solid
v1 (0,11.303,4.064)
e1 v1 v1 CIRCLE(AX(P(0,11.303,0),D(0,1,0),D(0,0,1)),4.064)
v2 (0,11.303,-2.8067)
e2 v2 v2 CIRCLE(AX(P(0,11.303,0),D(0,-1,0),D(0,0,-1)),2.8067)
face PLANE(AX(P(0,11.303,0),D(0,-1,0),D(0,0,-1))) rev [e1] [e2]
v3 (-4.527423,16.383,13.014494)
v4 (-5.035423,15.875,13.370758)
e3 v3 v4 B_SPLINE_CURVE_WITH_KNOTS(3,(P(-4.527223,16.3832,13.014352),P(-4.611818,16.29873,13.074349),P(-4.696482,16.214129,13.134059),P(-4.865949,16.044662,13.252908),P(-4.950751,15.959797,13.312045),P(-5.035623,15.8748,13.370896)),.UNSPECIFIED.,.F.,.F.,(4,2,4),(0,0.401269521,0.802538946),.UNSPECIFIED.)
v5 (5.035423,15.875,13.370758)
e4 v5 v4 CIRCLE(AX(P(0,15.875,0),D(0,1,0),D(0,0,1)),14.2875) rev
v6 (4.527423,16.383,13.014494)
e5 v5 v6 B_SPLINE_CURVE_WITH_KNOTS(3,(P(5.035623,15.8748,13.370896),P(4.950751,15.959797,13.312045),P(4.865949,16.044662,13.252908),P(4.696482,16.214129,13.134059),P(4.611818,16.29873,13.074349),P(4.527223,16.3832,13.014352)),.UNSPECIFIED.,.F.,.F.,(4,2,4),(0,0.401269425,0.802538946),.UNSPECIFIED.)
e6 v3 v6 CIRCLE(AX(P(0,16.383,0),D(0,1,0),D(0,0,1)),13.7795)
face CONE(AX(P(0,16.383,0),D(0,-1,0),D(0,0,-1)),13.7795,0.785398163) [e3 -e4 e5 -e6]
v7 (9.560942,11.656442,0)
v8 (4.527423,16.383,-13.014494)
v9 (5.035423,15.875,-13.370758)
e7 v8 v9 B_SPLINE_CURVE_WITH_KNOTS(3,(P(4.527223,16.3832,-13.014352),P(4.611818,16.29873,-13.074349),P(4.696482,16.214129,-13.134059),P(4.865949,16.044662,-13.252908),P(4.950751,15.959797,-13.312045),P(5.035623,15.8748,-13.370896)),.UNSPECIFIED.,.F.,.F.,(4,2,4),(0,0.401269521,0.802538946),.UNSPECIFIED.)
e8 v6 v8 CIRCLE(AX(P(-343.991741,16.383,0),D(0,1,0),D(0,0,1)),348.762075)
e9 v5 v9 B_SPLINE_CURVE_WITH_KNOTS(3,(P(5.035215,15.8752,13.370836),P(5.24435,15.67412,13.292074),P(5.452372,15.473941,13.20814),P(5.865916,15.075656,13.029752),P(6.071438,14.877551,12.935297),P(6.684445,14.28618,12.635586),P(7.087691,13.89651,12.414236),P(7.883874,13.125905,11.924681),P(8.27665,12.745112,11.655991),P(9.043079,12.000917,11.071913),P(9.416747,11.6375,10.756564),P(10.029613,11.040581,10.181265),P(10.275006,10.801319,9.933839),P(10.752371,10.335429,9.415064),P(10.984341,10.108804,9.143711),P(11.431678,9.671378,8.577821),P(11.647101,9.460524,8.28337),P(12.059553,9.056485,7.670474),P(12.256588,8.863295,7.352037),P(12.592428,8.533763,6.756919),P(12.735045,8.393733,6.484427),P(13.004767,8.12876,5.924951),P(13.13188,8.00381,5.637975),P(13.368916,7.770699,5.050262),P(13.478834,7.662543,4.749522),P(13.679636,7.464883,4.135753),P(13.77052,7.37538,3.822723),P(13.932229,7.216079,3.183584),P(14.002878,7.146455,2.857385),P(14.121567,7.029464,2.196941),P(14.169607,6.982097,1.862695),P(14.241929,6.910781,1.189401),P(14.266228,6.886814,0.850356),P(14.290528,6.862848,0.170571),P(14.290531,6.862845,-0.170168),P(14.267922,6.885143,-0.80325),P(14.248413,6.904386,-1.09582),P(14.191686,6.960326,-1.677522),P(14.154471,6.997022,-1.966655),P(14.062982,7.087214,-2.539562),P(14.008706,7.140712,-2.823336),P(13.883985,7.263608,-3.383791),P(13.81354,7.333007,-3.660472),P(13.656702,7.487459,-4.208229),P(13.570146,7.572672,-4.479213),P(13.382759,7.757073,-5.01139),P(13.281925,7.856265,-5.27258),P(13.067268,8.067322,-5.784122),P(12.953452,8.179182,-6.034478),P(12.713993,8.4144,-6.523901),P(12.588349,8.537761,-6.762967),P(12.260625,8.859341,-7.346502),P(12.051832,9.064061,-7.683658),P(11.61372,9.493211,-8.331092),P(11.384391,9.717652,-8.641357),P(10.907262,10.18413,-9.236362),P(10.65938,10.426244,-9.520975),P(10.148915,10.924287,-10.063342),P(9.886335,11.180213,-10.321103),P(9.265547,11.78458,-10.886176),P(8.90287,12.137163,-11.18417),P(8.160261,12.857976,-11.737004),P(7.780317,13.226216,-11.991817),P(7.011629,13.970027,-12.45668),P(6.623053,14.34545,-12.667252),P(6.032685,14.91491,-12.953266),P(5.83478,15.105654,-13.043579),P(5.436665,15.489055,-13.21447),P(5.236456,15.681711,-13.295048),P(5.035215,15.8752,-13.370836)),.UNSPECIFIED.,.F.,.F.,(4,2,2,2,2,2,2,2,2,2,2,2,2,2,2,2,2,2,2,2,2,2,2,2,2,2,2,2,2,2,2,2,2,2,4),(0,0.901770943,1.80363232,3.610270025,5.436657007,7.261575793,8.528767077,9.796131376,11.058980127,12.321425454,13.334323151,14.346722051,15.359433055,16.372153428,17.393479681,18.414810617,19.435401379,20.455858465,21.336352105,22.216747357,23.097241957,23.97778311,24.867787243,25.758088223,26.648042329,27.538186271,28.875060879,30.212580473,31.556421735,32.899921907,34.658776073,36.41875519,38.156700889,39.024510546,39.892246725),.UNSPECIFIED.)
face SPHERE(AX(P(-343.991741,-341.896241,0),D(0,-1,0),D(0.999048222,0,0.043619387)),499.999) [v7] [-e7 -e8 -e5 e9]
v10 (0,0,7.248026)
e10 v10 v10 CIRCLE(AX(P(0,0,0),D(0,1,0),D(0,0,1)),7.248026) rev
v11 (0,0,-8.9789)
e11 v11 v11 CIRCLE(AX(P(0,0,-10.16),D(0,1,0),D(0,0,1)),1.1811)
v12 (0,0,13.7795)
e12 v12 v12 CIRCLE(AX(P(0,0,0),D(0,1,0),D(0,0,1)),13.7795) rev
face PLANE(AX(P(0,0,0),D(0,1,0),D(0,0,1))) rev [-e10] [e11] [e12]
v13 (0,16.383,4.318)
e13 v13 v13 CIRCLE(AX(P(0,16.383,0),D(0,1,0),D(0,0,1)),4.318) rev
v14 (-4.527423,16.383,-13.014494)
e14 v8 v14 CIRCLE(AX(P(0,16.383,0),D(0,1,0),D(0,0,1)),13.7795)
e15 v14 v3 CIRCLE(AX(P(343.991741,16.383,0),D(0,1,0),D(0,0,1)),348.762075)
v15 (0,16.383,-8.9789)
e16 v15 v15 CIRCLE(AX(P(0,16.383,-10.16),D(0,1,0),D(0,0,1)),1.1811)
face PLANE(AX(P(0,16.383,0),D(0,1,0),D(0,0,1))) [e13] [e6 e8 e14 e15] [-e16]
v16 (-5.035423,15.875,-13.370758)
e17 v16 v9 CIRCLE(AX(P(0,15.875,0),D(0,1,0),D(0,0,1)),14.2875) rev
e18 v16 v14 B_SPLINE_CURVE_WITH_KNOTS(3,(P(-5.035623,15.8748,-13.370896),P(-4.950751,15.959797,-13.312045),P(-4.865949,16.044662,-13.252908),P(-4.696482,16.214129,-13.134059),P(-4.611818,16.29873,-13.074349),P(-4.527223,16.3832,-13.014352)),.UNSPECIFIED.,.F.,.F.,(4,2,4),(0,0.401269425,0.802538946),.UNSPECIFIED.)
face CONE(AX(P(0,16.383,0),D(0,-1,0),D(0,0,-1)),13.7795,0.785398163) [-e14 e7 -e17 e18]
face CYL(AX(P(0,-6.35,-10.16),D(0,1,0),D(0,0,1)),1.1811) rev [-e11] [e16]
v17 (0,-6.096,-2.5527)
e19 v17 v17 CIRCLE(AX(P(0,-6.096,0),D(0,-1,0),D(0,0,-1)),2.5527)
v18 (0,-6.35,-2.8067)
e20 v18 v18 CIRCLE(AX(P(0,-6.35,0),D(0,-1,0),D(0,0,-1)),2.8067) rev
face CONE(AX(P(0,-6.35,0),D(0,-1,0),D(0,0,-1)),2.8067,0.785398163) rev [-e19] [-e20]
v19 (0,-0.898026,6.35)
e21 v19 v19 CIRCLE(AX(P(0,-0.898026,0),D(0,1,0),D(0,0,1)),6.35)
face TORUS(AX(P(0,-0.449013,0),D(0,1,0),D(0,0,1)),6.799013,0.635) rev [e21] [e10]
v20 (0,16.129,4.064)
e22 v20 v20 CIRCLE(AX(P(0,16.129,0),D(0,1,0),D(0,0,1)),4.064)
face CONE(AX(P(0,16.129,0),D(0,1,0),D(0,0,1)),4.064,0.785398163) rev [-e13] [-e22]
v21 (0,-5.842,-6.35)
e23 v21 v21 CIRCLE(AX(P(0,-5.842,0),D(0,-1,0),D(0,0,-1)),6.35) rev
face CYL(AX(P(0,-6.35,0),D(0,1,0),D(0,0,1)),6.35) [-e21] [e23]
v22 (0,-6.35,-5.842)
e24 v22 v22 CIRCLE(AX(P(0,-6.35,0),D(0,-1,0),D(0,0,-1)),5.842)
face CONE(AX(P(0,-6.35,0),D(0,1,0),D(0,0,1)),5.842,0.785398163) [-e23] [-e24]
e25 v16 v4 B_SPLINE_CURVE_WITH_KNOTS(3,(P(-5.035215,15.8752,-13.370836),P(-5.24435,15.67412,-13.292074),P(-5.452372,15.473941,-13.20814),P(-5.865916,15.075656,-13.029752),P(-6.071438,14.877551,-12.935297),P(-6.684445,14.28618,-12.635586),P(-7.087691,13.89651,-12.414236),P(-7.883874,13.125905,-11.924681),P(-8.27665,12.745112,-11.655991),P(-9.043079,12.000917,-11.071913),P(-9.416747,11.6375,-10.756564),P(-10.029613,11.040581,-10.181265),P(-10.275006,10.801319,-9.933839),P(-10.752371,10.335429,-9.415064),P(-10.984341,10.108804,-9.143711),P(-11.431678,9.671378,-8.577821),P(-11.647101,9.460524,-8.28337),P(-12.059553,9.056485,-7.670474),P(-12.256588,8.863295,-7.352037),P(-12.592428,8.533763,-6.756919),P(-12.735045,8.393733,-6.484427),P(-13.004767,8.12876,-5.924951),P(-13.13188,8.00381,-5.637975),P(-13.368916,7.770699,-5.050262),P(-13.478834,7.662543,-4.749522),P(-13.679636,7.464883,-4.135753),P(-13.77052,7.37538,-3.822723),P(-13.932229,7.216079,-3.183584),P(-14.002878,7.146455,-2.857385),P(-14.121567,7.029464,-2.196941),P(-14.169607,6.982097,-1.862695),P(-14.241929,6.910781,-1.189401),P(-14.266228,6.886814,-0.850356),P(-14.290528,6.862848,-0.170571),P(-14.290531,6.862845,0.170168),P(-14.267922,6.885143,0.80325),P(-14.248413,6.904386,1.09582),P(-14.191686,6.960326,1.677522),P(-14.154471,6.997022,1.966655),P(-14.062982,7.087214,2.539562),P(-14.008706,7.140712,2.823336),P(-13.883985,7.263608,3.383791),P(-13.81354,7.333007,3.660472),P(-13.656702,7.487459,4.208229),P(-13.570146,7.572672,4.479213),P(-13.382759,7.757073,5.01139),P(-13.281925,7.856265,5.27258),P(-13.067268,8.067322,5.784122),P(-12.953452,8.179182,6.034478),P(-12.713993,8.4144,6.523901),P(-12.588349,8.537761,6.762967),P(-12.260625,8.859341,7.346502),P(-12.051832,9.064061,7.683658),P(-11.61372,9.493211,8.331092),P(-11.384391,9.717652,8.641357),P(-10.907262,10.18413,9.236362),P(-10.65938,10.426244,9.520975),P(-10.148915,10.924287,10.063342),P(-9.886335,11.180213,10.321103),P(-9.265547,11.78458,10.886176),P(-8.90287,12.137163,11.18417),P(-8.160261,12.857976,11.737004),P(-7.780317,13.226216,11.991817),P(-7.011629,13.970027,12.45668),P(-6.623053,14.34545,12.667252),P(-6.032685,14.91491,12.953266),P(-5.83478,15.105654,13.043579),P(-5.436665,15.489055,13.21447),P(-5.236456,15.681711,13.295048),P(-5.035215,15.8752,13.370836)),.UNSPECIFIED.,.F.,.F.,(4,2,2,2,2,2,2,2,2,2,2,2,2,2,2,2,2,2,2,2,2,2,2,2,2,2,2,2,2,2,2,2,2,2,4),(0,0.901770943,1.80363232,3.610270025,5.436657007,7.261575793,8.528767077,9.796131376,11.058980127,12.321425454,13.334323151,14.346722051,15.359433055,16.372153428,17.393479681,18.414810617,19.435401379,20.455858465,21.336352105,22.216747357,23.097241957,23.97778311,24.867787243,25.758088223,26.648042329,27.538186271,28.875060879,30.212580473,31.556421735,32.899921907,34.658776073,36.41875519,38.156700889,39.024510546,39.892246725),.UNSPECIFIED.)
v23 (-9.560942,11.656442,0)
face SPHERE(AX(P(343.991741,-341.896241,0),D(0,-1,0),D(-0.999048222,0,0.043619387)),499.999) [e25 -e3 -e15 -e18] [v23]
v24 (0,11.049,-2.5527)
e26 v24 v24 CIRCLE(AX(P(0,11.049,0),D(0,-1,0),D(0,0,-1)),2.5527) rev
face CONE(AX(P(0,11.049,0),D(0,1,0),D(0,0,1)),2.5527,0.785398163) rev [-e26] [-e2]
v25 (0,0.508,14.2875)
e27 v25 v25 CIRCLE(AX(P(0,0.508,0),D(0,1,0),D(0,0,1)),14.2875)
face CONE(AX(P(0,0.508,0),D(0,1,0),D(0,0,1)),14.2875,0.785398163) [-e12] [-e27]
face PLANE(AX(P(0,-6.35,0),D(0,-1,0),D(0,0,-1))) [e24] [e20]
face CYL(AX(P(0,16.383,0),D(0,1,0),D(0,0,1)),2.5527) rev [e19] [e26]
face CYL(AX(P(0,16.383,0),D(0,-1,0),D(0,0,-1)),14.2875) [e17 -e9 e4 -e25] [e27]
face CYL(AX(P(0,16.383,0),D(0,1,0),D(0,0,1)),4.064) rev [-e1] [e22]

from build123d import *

# Parameters (mm, degrees)
SKETCH1_R               = 14.2875
BOSS_EXTRUDE1_DEPTH     = 16.383
SKETCH2_R               = 6.35
BOSS_EXTRUDE2_DEPTH     = 6.35
SKETCH4_R               = 1.1811
CUT_EXTRUDE1_DEPTH      = 23.733
CHAMFER1_SIZE           = 0.508
CUT_EXTRUDE2_DEPTH      = 18.923
CUT_REVOLVE1_ANGLE      = 5
SKETCH7_R               = 0.635
F_1_4_20_TAPPED_HOLE1_D = 5.1054
HOLE1_D                 = 8.128
HOLE1_DEPTH             = 5.08
CHAMFER2_SIZE           = 0.254


with BuildPart() as part:
    # Sketch1 → Boss-Extrude1 (new body)
    with BuildSketch(Plane(origin=(0, 0, 0), x_dir=(1, 0, 0), z_dir=(0, 1, 0))):
        with Locations(Location((0, 0, 0), (0, 0, 270))):  # turned: the seam where the file's is
            Circle(SKETCH1_R)
    extrude(amount=BOSS_EXTRUDE1_DEPTH)

    # Sketch2 → Boss-Extrude2 (add)
    with BuildSketch(Plane.XZ):
        with Locations(Location((0, 0, 0), (0, 0, 90))):  # turned: the seam where the file's is
            Circle(SKETCH2_R)
    extrude(amount=BOSS_EXTRUDE2_DEPTH)

    # Sketch4 → Cut-Extrude1 (cut, through all)
    with BuildSketch(Plane(origin=(0, 16.383, 0), x_dir=(1, 0, 0), z_dir=(0, 1, 0))):
        with Locations(Location((0, 10.16, 0), (0, 0, 270))):  # turned: the seam where the file's is
            Circle(SKETCH4_R)
    extrude(amount=-CUT_EXTRUDE1_DEPTH, mode=Mode.SUBTRACT)

    # Chamfer1
    chamfer1_edges = [part.edges().sort_by_distance(p)[0] for p in [
        (0, 0, -14.2875),
        (0, 16.383, -14.2875),
        (0, -6.35, -6.35),
    ]]
    chamfer(chamfer1_edges, length=CHAMFER1_SIZE)

    # Sketch5 → Cut-Extrude2 (cut, symmetric)
    with BuildSketch(Plane.XY):
        Polygon((-2.548384182, 18.669), (-16.088719044, 5.128665138), (-16.088719044, 23.827435377), (16.088719044, 23.827435377), (16.088719044, 5.128665138), (2.548384182, 18.669), align=None)
    extrude(amount=CUT_EXTRUDE2_DEPTH, both=True, mode=Mode.SUBTRACT)

    # Sketch6 → Cut-Revolve1 (revolve, symmetric, cut)
    with BuildSketch(Plane.XY) as cut_revolve1_sk:
        with BuildLine():
            Line((0.60449584, 21.537658497), (-20.777423288, 21.537658497))
            Line((-20.777423288, 21.537658497), (-20.777423288, 0.072260804))
            ThreePointArc((-20.777423288, 0.072260804), (-10.249089347, 10.966952825), (0.60449584, 21.537658497))
        make_face()
    cut_revolve1 = revolve(axis=Axis((343.991741396, -341.896241396, 0), (0, 1, 0)), revolution_arc=CUT_REVOLVE1_ANGLE / 2, mode=Mode.SUBTRACT)
    cut_revolve1 = cut_revolve1 + revolve(cut_revolve1_sk.sketch, axis=Axis((343.991741396, -341.896241396, 0), (0, -1, 0)), revolution_arc=CUT_REVOLVE1_ANGLE / 2, mode=Mode.SUBTRACT)

    # Mirror1: Cut-Revolve1 across plane
    add(cut_revolve1.mirror(Plane(origin=(0, 0, 0), x_dir=(0, 0, 1), z_dir=(1, 0, 0))), mode=Mode.SUBTRACT)

    # Sketch7 → Cut-Revolve2 (revolve, cut)
    with BuildSketch(Plane.XY, mode=Mode.PRIVATE) as cut_revolve2_sk:
        with Locations((6.799012806, -0.449012806)):
            Circle(SKETCH7_R)
    revolve(cut_revolve2_sk.sketch.rotate(Axis((0, 16.383, 0), (0, -1, 0)), 90), axis=Axis((0, 16.383, 0), (0, -1, 0)), mode=Mode.SUBTRACT)  # turned: the seam where the file's is

    # 1/4-20 Tapped Hole1 (through all)
    with Locations(Plane(origin=(0, 16.383, 0), x_dir=(1, 0, 0), z_dir=(0, 1, 0))):
        with Locations((0, 0)):
            Hole(F_1_4_20_TAPPED_HOLE1_D / 2)

    # Hole1
    with Locations(Plane(origin=(0, 16.383, 0), x_dir=(1, 0, 0), z_dir=(0, 1, 0))):
        with Locations((0, 0)):
            Hole(HOLE1_D / 2, depth=HOLE1_DEPTH)

    # Chamfer2
    chamfer2_edges = [part.edges().sort_by_distance(p)[0] for p in [
        (2.5527, -6.35, 0),
        (2.5527, 11.303, 0),
        (4.064, 16.383, 0),
    ]]
    chamfer(chamfer2_edges, length=CHAMFER2_SIZE)


solid = part.part
